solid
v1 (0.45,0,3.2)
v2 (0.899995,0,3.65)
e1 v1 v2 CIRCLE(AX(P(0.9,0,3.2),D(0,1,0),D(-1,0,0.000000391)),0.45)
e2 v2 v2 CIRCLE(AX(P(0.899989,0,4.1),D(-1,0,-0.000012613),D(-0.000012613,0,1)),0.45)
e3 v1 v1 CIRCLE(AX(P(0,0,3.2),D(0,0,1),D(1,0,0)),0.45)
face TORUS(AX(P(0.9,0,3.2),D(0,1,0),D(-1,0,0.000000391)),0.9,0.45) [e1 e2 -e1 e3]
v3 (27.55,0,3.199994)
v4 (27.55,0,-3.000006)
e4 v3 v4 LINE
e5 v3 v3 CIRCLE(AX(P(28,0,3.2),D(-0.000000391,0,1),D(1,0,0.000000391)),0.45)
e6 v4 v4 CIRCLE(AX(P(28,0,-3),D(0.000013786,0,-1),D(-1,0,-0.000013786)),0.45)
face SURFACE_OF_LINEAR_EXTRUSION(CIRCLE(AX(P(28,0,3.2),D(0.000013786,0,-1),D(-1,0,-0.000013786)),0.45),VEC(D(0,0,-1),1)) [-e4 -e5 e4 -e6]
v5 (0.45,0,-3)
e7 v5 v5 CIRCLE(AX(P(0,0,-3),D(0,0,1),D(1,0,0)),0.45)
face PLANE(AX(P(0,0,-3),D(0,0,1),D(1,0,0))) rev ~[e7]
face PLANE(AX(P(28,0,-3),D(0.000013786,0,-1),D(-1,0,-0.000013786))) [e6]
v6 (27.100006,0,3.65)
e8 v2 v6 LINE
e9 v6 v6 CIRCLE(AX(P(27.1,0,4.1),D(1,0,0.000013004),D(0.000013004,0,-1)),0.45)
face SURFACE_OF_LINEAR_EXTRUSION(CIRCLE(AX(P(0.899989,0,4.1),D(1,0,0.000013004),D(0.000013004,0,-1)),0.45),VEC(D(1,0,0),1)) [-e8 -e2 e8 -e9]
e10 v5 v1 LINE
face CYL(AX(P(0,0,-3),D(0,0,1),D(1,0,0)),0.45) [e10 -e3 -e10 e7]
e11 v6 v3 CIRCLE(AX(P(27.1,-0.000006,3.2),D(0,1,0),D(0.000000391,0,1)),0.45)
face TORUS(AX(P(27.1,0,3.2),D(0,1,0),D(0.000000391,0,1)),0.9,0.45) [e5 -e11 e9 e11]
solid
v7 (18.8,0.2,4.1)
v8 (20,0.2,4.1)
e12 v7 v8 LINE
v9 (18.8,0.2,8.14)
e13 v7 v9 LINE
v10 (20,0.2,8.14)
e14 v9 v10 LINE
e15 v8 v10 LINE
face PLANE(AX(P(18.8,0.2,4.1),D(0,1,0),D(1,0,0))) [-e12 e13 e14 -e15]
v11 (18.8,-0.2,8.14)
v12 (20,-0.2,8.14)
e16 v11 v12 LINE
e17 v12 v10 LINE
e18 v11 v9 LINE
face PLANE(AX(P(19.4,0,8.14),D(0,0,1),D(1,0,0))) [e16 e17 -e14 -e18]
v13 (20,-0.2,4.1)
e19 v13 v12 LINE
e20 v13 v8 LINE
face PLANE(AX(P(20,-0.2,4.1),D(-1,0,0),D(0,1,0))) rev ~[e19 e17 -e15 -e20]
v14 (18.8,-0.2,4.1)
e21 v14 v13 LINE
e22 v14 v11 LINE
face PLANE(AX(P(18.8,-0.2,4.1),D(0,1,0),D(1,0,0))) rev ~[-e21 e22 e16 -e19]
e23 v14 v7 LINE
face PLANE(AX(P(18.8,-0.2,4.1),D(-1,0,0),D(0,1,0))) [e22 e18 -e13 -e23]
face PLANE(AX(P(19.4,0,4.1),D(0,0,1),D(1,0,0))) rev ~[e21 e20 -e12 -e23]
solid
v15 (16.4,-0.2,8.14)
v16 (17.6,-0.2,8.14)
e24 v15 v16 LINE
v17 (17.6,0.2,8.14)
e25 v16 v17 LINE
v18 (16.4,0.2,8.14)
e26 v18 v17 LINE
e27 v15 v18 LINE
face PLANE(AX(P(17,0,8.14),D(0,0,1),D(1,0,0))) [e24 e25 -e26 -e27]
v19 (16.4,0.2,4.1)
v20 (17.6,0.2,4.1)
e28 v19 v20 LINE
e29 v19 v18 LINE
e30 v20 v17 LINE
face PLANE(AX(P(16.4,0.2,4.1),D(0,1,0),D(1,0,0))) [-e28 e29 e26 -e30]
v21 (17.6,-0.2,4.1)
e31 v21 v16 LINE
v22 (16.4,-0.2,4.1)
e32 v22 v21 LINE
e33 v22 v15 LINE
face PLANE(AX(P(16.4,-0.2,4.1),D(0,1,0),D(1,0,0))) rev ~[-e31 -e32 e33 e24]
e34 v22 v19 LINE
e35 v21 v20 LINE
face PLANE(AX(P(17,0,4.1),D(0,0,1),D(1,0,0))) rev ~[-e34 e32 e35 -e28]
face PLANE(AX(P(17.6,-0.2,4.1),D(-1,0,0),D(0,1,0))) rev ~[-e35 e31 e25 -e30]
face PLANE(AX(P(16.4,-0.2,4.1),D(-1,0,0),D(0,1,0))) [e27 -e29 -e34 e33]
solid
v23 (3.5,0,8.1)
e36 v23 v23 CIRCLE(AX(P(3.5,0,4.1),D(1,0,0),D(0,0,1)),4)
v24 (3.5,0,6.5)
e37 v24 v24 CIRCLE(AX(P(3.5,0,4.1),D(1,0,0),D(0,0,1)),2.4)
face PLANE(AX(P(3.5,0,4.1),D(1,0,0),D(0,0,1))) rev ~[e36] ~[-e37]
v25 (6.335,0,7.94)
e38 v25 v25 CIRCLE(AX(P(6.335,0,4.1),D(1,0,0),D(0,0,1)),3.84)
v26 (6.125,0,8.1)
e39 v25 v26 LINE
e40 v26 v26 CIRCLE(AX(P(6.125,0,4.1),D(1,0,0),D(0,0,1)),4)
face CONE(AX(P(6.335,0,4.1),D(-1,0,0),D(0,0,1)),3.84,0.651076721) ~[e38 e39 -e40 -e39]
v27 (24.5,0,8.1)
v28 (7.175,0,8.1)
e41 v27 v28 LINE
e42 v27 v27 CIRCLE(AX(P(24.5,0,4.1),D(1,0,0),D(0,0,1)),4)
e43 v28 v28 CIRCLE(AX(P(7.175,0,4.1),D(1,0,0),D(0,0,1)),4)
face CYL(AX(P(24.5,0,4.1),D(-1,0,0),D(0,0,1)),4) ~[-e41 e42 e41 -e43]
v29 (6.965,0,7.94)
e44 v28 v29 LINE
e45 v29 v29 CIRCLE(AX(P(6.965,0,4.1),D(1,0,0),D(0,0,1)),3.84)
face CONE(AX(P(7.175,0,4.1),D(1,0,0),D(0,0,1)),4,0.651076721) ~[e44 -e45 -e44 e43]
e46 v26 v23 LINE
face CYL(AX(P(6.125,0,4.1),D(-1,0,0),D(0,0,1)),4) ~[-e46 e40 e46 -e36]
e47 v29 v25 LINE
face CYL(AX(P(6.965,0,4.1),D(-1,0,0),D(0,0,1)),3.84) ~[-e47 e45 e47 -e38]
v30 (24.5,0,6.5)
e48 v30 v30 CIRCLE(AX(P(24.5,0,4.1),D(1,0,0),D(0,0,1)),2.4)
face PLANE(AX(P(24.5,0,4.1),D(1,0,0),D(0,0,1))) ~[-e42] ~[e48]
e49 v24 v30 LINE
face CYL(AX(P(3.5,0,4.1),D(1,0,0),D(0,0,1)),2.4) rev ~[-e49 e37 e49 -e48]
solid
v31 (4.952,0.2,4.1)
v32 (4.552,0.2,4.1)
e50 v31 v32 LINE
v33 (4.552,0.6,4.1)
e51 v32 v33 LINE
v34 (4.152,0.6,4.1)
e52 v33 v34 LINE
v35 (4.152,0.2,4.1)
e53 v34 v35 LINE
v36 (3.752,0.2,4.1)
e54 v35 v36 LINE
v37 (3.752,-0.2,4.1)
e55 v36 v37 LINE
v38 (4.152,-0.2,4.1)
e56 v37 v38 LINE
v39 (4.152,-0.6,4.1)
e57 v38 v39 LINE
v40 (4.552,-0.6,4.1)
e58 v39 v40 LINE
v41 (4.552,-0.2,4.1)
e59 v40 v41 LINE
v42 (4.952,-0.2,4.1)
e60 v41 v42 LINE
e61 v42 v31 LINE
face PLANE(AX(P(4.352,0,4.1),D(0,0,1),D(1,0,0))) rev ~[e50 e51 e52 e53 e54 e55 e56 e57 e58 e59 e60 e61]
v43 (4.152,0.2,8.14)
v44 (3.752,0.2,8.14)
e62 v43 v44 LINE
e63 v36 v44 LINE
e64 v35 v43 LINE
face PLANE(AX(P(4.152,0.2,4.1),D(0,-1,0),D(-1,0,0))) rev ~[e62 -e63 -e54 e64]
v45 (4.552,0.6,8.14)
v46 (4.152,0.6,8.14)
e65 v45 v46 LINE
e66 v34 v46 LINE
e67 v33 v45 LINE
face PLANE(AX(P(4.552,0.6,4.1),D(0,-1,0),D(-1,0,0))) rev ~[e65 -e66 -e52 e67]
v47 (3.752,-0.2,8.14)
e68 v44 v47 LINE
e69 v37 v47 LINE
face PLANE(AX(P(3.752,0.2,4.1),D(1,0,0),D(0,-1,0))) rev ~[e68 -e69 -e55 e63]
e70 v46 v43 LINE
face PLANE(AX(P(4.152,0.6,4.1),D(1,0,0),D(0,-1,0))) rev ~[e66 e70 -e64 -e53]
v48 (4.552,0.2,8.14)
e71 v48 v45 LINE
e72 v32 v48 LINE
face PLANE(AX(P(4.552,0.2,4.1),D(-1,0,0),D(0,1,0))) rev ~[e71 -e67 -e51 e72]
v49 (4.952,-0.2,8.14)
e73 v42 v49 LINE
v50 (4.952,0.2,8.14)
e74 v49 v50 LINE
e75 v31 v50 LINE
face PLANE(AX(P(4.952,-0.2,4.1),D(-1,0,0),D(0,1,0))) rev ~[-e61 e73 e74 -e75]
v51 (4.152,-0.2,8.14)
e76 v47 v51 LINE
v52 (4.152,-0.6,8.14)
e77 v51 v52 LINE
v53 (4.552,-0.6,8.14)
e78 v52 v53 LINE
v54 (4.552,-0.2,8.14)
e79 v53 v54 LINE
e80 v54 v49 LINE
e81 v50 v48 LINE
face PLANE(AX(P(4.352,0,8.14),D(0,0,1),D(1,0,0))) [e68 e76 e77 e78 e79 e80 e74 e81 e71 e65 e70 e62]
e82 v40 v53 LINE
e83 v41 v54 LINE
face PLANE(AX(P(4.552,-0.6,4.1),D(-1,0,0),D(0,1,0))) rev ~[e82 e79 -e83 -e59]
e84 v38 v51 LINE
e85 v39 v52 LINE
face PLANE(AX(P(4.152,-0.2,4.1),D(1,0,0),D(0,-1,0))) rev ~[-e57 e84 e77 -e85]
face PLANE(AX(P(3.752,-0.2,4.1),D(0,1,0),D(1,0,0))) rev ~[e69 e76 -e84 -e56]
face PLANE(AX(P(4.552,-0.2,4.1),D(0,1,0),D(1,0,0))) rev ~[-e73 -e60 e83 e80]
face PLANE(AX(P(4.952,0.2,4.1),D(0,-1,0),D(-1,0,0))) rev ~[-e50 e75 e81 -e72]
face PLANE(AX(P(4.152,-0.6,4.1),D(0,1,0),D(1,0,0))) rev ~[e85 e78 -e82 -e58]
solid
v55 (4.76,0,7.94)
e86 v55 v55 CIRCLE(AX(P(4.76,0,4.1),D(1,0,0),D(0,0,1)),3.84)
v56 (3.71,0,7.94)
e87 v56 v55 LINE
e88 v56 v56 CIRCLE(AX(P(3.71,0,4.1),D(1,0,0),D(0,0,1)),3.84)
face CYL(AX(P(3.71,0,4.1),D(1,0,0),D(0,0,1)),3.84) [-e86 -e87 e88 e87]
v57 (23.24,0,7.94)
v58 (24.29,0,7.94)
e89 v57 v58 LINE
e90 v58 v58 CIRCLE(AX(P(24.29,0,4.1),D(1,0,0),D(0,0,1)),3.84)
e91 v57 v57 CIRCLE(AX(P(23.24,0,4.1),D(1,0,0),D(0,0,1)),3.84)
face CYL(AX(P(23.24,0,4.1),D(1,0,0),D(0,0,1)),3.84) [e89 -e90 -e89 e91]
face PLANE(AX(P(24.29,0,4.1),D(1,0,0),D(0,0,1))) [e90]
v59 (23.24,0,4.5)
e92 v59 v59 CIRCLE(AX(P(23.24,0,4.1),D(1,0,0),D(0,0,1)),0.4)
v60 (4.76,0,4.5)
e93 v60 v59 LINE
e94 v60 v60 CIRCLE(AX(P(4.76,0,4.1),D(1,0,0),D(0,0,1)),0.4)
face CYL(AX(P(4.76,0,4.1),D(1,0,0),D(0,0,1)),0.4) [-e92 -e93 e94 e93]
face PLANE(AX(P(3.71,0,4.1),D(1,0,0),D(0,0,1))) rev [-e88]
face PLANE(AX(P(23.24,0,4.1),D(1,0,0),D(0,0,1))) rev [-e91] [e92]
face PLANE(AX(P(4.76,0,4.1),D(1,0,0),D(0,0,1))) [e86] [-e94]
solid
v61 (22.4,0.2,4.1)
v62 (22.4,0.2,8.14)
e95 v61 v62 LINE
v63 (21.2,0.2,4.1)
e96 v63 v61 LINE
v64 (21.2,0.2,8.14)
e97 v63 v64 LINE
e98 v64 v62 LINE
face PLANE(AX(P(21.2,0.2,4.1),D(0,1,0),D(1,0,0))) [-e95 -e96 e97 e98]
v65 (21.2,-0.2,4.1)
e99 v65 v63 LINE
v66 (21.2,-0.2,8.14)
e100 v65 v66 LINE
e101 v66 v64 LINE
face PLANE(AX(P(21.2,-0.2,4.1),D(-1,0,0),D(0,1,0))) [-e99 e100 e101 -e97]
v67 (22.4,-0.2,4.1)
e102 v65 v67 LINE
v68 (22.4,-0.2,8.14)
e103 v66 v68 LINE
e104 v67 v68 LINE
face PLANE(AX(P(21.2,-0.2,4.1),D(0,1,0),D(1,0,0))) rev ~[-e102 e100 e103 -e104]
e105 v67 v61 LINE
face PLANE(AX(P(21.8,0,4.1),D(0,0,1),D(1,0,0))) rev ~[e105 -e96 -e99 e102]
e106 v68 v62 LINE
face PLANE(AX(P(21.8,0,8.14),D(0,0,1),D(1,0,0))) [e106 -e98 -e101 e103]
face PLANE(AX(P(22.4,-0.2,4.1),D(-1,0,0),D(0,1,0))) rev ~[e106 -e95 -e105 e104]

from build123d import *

# Parameters (mm, degrees)
SKETCH_R    = 0.45
SKETCH004_W = 1.2
SKETCH004_H = 0.4
PAD_DEPTH   = 4.04


with BuildPart() as sweep_body:
    # Sweep: sweep along a path in Sketch001
    with BuildLine(Plane.XZ) as sweep_path:
        Line((0, -3), (0, 3.2))
        ThreePointArc((0, 3.2), (0.2636, 3.836392), (0.899989, 4.1))
        Line((0.899989, 4.1), (27.1, 4.1))
        ThreePointArc((27.1, 4.1), (27.736396, 3.836396), (28, 3.2))
        Line((28, 3.2), (28, -3))
    # Sketch → Sweep (sweep)
    with BuildSketch(Plane.XY.offset(-2)):
        Circle(SKETCH_R)
    sweep(path=sweep_path.line)


with BuildPart() as revolution:
    # Sketch002 → Revolution (revolve)
    with BuildSketch(Plane.XZ):
        Polygon((3.5, 8.1), (3.5, 6.5), (24.5, 6.5), (24.5, 8.1), (7.175, 8.1), (6.965, 7.94), (6.335, 7.94), (6.125, 8.1), align=None)
    revolve(axis=Axis((6.97588, 0, 4.1), (1, 0, 0)))


with BuildPart() as revolution001:
    # Sketch003 → Revolution001 (revolve)
    with BuildSketch(Plane.XZ):
        Polygon((3.71, 7.94), (4.76, 7.94), (4.76, 4.5), (23.24, 4.5), (23.24, 7.94), (24.29, 7.94), (24.29, 4.1), (3.71, 4.1), align=None)
    revolve(axis=Axis((6.97588, 0, 4.1), (1, 0, 0)))


with BuildPart() as pad:
    # Sketch004 → Pad (new body)
    with BuildSketch(Plane.XY.offset(4.1)):
        with Locations((21.8, 0)):
            Rectangle(SKETCH004_W, SKETCH004_H)
        with Locations((19.4, 0)):
            Rectangle(SKETCH004_W, SKETCH004_H)
        with Locations((17, 0)):
            Rectangle(SKETCH004_W, SKETCH004_H)
        Polygon((4.152, 0.2), (3.752, 0.2), (3.752, -0.2), (4.152, -0.2), (4.152, -0.6), (4.552, -0.6), (4.552, -0.2), (4.952, -0.2), (4.952, 0.2), (4.552, 0.2), (4.552, 0.6), (4.152, 0.6), align=None)
    extrude(amount=PAD_DEPTH)


solid = Compound([sweep_body.part, revolution.part, revolution001.part, pad.part])
